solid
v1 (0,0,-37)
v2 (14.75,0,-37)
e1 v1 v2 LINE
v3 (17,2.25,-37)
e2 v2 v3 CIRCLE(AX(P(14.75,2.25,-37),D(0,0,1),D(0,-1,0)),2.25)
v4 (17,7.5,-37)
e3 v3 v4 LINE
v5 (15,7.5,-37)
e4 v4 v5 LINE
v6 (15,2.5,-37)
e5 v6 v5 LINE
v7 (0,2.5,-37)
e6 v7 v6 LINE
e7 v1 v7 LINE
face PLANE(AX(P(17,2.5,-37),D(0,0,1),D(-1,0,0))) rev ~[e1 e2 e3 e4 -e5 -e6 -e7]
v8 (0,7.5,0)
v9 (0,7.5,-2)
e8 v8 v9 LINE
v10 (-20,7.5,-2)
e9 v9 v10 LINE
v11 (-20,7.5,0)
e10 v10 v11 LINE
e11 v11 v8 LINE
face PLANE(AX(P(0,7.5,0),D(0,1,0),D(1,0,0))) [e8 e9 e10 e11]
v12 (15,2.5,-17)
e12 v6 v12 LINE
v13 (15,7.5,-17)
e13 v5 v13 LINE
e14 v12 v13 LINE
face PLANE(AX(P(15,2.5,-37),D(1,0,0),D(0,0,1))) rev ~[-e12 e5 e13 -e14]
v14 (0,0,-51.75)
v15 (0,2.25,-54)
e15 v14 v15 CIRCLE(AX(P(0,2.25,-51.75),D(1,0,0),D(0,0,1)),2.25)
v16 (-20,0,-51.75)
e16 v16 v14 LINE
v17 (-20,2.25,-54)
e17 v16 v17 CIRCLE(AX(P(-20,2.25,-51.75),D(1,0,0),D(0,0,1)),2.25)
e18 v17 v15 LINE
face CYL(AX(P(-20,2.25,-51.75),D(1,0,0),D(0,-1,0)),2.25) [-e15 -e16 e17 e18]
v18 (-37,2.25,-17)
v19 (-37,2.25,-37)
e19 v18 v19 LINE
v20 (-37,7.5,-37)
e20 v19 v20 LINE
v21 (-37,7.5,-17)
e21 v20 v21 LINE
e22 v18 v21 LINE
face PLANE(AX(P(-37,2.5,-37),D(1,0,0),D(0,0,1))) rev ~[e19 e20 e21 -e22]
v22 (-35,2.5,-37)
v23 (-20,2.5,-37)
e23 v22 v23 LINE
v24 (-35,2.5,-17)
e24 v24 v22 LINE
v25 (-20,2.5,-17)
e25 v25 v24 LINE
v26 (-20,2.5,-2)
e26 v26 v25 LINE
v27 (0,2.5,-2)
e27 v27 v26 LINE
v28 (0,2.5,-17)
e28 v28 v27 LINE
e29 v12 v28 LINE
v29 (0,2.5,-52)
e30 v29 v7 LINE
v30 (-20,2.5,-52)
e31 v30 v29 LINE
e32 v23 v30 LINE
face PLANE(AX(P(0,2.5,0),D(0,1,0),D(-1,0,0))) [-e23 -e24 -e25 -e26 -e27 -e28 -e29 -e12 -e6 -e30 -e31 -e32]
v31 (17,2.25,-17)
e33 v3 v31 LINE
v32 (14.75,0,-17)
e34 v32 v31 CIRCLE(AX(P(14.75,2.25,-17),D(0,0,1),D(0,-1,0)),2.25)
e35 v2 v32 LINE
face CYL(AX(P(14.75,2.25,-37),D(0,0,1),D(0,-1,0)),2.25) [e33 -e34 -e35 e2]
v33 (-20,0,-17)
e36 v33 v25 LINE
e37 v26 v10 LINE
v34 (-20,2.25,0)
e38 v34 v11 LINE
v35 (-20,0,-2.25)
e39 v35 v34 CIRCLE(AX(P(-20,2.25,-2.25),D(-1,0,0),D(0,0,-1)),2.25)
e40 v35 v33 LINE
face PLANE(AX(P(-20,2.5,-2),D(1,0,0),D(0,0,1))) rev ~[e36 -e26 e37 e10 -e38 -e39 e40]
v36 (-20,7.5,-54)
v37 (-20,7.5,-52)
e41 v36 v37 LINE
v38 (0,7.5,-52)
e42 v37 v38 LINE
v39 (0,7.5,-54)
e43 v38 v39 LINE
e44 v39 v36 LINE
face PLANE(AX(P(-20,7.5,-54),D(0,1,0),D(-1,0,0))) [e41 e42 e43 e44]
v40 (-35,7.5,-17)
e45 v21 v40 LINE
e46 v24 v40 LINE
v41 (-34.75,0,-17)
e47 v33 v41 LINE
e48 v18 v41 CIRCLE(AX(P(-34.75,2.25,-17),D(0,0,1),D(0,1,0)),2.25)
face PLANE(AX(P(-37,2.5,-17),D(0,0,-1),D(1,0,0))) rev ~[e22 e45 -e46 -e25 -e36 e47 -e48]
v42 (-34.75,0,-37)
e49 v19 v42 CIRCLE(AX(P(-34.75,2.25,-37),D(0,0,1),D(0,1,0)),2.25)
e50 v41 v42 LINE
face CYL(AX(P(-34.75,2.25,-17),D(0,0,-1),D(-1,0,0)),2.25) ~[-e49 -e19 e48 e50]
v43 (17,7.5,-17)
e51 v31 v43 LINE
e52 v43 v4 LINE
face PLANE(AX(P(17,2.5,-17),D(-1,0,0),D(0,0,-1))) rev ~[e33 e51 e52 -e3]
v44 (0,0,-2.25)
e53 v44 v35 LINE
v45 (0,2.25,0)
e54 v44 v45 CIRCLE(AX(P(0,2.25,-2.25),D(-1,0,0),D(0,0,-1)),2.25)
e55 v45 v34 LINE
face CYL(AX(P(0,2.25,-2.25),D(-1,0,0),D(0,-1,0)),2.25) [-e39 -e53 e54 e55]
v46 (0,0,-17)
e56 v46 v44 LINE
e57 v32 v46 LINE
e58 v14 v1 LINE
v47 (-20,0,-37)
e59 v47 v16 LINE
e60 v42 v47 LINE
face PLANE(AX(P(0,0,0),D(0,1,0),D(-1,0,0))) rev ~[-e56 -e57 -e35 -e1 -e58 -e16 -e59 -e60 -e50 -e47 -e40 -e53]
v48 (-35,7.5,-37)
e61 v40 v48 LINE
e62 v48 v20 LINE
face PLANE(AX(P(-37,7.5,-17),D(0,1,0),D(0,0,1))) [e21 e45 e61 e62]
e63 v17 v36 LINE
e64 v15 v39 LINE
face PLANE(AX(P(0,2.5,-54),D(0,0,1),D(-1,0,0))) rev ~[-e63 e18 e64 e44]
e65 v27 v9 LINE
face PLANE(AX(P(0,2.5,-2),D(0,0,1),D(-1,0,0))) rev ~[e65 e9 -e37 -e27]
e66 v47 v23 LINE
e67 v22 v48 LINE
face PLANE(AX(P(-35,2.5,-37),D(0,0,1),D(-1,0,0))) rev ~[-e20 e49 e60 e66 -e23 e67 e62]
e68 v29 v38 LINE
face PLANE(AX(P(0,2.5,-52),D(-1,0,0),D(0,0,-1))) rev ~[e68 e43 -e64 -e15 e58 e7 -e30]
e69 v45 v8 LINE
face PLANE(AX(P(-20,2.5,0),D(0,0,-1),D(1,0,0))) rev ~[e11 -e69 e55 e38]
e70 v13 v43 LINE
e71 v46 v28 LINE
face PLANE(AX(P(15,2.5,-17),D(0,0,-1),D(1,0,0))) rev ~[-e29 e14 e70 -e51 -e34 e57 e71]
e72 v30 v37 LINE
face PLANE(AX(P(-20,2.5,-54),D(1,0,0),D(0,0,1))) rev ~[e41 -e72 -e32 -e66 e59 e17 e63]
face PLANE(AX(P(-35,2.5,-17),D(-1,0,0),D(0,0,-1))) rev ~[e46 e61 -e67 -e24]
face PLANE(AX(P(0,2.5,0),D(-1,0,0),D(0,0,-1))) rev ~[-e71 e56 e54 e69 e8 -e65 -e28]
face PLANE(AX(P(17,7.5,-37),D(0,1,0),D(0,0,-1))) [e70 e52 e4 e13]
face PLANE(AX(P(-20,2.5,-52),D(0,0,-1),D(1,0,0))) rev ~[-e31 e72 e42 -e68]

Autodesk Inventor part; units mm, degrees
ref_plane "YZ Plane" through (0, 0, 0) normal (1, 0, 0) x (0, 1, 0)
ref_plane "XZ Plane" through (0, 0, 0) normal (0, 1, 0) x (-1, 0, 0)
ref_plane "XY Plane" through (0, 0, 0) normal (0, 0, 1) x (1, 0, 0)
sketch "Sketch1" plane through (0, 0, 0) normal (0, 1, 0) x (-1, 0, 0)
  line L0 (0, 0) -> (20, 0)
  line L1 (20, 0) -> (20, -54)
  line L2 (20, -54) -> (0, -54)
  line L3 (0, -54) -> (0, 0)
  line L4 (20, -27) -> (0, -27)
  line L5 (-17, -17) -> (37, -17)
  line L6 (37, -17) -> (37, -37)
  line L7 (37, -37) -> (-17, -37)
  line L8 (-17, -37) -> (-17, -17)
  line L9 (-17, -17) -> (37, -37) construction
  line L10 (37, -17) -> (-17, -37) construction
  point P0 (10, -27)
  point P1 (0, -17)
  point P2 (0, -37)
  point P3 (20, -37)
  point P4 (20, -17)
  dimension "d0" = 20
  dimension "d1" = 54
  dimension "d2" = 54
  dimension "d3" = 20
extrude "Extrusion1" add sketch "Sketch1" along normal blind 2.5
sketch "Sketch2" plane through (0, 2.5, 0) normal (0, 1, 0) x (1, 0, 0)
  line L0 (-20, 0) -> (0, 0) projected
  line L1 (0, 0) -> (0, 17) projected
  line L2 (-20, 0) -> (0, 0)
  line L3 (0, 0) -> (0, 2)
  line L4 (0, 2) -> (-20, 2)
  line L5 (-20, 2) -> (-20, 0)
  dimension "d6" = 2
extrude "Extrusion2" add sketch "Sketch2" along normal blind 5
sketch "Sketch3" plane through (0, 2.5, 0) normal (0, 1, 0) x (1, 0, 0)
  line L0 (0, 2) -> (0, 17) projected
  line L1 (-20, 37) -> (0, 17)
  line L2 (0, 17) -> (-20, 17)
  line L3 (-20, 17) -> (0, 37)
  point P0 (0, 0)
  point P1 (-10, 27)
pattern_circular "Circular Pattern1" count 4 over 360 about axis through (-10, 2.5, -27) along (0, 1, 0) of "Extrusion2"
fillet "Fillet1" radius 2.25 4 edges at (-10, 0, 0) (-37, 0, -27) (-10, 0, -54) (17, 0, -27)
